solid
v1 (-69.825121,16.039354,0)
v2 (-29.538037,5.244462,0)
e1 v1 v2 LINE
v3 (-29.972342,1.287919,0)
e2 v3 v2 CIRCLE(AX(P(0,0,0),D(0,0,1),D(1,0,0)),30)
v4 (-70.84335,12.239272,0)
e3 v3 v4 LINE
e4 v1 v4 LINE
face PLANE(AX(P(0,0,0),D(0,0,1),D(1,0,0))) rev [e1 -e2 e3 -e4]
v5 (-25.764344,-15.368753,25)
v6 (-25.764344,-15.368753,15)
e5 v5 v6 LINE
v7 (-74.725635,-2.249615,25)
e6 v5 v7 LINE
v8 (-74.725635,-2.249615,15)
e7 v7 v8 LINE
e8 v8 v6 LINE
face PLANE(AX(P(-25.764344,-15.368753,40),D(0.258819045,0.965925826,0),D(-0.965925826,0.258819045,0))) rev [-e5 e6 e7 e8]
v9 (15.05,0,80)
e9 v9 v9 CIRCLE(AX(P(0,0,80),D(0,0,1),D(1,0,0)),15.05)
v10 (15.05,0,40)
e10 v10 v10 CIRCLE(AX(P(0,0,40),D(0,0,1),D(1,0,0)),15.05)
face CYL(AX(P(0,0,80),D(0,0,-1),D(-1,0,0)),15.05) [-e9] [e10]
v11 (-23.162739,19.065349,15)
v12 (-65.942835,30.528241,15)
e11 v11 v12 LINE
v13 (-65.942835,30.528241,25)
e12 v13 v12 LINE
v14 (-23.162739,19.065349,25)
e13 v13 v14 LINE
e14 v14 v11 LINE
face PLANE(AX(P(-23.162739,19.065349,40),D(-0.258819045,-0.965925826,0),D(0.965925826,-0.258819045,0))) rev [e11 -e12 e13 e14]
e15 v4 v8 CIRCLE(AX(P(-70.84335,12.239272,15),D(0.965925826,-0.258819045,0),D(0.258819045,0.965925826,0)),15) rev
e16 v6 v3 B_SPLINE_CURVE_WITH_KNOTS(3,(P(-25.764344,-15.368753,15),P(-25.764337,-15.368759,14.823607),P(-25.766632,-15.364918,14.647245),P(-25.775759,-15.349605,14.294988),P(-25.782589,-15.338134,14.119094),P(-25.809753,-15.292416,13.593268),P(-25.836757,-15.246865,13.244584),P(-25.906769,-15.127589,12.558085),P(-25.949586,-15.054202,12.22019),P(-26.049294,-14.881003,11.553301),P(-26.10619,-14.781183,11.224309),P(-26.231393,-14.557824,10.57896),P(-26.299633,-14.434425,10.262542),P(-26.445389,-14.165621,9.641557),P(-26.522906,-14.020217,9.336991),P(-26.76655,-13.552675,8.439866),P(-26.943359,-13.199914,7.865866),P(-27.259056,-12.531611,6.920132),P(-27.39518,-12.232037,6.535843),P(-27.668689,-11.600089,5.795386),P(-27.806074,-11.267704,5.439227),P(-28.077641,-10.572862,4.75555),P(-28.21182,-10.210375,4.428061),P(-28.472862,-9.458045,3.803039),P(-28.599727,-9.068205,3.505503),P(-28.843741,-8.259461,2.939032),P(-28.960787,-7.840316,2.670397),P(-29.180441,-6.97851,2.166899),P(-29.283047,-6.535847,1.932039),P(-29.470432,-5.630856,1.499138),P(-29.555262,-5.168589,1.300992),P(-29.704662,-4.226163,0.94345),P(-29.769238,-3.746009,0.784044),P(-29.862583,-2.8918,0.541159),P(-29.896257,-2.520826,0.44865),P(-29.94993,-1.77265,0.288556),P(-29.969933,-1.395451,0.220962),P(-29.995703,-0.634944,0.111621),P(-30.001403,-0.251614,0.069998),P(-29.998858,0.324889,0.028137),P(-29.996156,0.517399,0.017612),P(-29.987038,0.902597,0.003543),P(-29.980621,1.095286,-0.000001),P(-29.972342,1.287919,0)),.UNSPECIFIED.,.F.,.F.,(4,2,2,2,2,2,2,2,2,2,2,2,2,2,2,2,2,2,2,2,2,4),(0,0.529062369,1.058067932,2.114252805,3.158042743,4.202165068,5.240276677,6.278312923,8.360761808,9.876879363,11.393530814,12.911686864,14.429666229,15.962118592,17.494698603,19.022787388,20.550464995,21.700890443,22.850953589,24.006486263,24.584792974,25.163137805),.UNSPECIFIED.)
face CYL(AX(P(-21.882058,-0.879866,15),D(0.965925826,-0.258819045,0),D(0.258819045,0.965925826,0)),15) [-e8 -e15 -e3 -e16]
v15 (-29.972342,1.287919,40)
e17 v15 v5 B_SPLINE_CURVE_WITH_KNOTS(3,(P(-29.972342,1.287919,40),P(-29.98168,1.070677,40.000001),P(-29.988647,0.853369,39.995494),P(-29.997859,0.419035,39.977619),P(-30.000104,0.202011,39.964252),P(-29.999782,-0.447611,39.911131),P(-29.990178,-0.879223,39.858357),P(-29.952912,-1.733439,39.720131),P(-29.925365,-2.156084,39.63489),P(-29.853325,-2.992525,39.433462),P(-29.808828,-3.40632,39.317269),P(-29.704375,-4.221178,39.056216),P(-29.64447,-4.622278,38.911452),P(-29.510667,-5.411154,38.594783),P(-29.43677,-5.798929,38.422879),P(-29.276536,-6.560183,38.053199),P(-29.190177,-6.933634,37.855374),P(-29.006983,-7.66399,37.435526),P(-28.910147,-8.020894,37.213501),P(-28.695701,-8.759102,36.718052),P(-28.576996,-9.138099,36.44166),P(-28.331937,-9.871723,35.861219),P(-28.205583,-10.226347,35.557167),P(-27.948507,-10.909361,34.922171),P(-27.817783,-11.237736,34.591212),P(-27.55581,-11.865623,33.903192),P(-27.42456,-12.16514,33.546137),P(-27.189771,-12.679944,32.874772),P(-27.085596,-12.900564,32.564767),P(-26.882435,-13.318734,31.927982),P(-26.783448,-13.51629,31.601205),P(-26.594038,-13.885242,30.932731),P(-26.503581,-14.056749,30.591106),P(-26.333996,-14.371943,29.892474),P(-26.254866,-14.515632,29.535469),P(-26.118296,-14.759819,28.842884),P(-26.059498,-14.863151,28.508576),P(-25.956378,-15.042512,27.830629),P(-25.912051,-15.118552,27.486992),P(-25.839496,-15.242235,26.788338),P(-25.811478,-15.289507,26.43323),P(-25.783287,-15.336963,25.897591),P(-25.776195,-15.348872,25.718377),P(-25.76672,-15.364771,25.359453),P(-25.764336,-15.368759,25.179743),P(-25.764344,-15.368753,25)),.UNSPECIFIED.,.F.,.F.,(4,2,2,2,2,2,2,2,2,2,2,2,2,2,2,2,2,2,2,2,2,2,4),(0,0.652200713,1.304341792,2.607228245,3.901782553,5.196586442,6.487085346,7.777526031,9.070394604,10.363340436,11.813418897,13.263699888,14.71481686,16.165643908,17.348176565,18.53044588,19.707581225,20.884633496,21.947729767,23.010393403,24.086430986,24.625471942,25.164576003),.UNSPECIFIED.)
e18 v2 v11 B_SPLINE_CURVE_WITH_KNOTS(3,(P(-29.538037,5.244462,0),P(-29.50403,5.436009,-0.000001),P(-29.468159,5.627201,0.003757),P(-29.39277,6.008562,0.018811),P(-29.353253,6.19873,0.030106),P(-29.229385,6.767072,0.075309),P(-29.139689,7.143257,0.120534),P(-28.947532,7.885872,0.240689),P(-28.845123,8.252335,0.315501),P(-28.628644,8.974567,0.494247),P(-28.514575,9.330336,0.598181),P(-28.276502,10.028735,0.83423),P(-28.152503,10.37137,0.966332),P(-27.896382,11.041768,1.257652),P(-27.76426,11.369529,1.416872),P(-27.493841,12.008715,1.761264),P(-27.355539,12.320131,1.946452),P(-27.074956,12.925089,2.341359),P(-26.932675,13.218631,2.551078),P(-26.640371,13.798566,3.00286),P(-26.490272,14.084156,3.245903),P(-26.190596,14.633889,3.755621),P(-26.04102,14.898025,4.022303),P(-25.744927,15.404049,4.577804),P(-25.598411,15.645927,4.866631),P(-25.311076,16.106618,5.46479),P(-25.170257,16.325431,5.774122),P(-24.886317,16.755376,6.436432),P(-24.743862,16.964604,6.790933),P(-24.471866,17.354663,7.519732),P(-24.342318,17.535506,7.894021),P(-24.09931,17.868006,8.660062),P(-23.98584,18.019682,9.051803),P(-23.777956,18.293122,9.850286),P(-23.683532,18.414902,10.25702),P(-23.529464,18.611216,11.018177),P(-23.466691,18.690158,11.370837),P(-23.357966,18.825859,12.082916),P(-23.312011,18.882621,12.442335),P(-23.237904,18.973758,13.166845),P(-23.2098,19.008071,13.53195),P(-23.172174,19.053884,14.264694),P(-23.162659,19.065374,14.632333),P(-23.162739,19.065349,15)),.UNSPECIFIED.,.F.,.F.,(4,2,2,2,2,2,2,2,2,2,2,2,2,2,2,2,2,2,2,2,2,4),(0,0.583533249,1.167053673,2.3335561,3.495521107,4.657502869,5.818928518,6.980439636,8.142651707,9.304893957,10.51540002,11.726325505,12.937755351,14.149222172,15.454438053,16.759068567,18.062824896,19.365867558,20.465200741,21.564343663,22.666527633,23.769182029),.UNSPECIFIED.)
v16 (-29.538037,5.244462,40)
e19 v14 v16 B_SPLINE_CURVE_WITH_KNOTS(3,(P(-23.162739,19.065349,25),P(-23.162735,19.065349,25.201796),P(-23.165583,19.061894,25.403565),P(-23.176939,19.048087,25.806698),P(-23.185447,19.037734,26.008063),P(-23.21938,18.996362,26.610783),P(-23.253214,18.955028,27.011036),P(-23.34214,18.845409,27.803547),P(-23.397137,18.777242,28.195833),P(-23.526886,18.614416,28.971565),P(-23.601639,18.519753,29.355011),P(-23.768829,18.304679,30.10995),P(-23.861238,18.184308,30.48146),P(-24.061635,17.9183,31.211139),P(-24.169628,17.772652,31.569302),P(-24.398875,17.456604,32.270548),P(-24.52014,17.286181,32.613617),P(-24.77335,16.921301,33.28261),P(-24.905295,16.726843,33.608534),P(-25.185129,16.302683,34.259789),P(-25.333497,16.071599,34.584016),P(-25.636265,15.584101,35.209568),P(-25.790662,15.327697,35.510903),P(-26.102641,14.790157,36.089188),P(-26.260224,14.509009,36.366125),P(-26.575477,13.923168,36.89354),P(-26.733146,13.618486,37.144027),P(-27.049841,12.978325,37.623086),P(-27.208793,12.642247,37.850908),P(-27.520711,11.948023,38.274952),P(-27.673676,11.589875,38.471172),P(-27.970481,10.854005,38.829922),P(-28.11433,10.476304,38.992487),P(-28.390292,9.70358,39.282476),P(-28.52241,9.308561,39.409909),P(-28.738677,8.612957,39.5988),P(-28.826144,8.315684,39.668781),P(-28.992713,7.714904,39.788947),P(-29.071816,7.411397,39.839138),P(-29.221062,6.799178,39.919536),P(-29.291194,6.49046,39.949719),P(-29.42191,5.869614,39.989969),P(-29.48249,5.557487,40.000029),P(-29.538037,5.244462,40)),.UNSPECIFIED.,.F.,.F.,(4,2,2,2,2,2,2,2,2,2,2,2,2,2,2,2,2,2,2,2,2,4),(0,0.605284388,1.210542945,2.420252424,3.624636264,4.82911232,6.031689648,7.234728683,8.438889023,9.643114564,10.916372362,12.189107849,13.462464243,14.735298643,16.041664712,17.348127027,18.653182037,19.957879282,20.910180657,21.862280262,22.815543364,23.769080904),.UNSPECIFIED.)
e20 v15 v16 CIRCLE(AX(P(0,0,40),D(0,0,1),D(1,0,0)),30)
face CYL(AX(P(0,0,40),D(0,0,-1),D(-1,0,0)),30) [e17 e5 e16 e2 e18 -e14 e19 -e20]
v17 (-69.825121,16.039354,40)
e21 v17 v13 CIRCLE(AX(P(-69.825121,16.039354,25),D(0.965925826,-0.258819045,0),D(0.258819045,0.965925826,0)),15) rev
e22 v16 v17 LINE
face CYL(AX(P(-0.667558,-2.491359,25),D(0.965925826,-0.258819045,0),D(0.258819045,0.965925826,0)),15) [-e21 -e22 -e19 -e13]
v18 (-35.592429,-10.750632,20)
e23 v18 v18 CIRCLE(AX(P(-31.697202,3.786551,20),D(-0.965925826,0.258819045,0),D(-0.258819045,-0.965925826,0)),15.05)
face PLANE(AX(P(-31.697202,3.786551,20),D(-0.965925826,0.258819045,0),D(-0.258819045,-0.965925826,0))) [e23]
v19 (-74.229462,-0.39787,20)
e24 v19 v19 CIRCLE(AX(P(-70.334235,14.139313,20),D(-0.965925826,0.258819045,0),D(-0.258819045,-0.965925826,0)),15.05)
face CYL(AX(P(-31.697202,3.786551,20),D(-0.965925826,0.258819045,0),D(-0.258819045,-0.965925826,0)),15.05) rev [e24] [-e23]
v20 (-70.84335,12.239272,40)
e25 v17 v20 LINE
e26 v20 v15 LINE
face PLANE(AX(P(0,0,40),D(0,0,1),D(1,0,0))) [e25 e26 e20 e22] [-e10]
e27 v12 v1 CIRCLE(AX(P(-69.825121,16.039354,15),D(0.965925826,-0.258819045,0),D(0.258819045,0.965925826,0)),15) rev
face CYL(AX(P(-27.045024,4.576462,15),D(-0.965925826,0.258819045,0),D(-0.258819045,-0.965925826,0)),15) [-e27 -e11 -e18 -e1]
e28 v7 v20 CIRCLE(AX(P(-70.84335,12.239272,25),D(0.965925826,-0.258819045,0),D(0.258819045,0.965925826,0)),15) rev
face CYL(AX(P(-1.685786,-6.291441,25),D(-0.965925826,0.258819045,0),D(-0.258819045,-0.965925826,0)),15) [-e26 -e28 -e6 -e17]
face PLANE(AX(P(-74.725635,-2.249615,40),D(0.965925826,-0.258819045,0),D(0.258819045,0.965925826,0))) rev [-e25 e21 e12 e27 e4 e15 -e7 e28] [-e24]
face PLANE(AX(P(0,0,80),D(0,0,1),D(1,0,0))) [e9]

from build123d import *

# Parameters (mm, degrees)
BOSS_EXTRUDE1_DEPTH = 40
SKETCH2_R           = 15.05
CUT_EXTRUDE1_DEPTH  = 40
FILLET1_R           = 15
SKETCH3_R           = 15.05
BOSS_EXTRUDE2_DEPTH = 40


with BuildPart() as part:
    # Sketch1 → Boss-Extrude1 (new body)
    with BuildSketch(Plane.XY):
        with BuildLine():
            Line((-23.162738789, 19.065348982), (-65.942835362, 30.52824131))
            Line((-65.942835362, 30.52824131), (-74.725635473, -2.249614938))
            Line((-74.725635473, -2.249614938), (-25.7643439, -15.368753476))
            ThreePointArc((-25.7643439, -15.368753476), (29.91474065, -2.260153064), (-23.162738789, 19.065348982))
        make_face()
    extrude(amount=BOSS_EXTRUDE1_DEPTH)

    # Sketch2 → Cut-Extrude1 (cut)
    with BuildSketch(Plane(origin=(-69.157563319, 18.530713242, 0), x_dir=(0, 0, 1), z_dir=(-0.9659258262890691, 0.2588190451025179, 0))):
        with Locations((20, -4.546311876)):
            Circle(SKETCH2_R)
    extrude(amount=-CUT_EXTRUDE1_DEPTH, mode=Mode.SUBTRACT)

    # Fillet1
    fillet1_edges = [part.edges().sort_by_distance(p)[0] for p in [
        (-50.244989687, -8.809184207, 0),
        (-50.244989687, -8.809184207, 40),
        (-44.552787075, 24.796795146, 0),
        (-44.552787075, 24.796795146, 40),
    ]]
    fillet(fillet1_edges, radius=FILLET1_R)

    # Sketch3 → Boss-Extrude2 (add)
    with BuildSketch(Plane.XY.offset(40)):
        Circle(SKETCH3_R)
    extrude(amount=BOSS_EXTRUDE2_DEPTH)


solid = part.part
